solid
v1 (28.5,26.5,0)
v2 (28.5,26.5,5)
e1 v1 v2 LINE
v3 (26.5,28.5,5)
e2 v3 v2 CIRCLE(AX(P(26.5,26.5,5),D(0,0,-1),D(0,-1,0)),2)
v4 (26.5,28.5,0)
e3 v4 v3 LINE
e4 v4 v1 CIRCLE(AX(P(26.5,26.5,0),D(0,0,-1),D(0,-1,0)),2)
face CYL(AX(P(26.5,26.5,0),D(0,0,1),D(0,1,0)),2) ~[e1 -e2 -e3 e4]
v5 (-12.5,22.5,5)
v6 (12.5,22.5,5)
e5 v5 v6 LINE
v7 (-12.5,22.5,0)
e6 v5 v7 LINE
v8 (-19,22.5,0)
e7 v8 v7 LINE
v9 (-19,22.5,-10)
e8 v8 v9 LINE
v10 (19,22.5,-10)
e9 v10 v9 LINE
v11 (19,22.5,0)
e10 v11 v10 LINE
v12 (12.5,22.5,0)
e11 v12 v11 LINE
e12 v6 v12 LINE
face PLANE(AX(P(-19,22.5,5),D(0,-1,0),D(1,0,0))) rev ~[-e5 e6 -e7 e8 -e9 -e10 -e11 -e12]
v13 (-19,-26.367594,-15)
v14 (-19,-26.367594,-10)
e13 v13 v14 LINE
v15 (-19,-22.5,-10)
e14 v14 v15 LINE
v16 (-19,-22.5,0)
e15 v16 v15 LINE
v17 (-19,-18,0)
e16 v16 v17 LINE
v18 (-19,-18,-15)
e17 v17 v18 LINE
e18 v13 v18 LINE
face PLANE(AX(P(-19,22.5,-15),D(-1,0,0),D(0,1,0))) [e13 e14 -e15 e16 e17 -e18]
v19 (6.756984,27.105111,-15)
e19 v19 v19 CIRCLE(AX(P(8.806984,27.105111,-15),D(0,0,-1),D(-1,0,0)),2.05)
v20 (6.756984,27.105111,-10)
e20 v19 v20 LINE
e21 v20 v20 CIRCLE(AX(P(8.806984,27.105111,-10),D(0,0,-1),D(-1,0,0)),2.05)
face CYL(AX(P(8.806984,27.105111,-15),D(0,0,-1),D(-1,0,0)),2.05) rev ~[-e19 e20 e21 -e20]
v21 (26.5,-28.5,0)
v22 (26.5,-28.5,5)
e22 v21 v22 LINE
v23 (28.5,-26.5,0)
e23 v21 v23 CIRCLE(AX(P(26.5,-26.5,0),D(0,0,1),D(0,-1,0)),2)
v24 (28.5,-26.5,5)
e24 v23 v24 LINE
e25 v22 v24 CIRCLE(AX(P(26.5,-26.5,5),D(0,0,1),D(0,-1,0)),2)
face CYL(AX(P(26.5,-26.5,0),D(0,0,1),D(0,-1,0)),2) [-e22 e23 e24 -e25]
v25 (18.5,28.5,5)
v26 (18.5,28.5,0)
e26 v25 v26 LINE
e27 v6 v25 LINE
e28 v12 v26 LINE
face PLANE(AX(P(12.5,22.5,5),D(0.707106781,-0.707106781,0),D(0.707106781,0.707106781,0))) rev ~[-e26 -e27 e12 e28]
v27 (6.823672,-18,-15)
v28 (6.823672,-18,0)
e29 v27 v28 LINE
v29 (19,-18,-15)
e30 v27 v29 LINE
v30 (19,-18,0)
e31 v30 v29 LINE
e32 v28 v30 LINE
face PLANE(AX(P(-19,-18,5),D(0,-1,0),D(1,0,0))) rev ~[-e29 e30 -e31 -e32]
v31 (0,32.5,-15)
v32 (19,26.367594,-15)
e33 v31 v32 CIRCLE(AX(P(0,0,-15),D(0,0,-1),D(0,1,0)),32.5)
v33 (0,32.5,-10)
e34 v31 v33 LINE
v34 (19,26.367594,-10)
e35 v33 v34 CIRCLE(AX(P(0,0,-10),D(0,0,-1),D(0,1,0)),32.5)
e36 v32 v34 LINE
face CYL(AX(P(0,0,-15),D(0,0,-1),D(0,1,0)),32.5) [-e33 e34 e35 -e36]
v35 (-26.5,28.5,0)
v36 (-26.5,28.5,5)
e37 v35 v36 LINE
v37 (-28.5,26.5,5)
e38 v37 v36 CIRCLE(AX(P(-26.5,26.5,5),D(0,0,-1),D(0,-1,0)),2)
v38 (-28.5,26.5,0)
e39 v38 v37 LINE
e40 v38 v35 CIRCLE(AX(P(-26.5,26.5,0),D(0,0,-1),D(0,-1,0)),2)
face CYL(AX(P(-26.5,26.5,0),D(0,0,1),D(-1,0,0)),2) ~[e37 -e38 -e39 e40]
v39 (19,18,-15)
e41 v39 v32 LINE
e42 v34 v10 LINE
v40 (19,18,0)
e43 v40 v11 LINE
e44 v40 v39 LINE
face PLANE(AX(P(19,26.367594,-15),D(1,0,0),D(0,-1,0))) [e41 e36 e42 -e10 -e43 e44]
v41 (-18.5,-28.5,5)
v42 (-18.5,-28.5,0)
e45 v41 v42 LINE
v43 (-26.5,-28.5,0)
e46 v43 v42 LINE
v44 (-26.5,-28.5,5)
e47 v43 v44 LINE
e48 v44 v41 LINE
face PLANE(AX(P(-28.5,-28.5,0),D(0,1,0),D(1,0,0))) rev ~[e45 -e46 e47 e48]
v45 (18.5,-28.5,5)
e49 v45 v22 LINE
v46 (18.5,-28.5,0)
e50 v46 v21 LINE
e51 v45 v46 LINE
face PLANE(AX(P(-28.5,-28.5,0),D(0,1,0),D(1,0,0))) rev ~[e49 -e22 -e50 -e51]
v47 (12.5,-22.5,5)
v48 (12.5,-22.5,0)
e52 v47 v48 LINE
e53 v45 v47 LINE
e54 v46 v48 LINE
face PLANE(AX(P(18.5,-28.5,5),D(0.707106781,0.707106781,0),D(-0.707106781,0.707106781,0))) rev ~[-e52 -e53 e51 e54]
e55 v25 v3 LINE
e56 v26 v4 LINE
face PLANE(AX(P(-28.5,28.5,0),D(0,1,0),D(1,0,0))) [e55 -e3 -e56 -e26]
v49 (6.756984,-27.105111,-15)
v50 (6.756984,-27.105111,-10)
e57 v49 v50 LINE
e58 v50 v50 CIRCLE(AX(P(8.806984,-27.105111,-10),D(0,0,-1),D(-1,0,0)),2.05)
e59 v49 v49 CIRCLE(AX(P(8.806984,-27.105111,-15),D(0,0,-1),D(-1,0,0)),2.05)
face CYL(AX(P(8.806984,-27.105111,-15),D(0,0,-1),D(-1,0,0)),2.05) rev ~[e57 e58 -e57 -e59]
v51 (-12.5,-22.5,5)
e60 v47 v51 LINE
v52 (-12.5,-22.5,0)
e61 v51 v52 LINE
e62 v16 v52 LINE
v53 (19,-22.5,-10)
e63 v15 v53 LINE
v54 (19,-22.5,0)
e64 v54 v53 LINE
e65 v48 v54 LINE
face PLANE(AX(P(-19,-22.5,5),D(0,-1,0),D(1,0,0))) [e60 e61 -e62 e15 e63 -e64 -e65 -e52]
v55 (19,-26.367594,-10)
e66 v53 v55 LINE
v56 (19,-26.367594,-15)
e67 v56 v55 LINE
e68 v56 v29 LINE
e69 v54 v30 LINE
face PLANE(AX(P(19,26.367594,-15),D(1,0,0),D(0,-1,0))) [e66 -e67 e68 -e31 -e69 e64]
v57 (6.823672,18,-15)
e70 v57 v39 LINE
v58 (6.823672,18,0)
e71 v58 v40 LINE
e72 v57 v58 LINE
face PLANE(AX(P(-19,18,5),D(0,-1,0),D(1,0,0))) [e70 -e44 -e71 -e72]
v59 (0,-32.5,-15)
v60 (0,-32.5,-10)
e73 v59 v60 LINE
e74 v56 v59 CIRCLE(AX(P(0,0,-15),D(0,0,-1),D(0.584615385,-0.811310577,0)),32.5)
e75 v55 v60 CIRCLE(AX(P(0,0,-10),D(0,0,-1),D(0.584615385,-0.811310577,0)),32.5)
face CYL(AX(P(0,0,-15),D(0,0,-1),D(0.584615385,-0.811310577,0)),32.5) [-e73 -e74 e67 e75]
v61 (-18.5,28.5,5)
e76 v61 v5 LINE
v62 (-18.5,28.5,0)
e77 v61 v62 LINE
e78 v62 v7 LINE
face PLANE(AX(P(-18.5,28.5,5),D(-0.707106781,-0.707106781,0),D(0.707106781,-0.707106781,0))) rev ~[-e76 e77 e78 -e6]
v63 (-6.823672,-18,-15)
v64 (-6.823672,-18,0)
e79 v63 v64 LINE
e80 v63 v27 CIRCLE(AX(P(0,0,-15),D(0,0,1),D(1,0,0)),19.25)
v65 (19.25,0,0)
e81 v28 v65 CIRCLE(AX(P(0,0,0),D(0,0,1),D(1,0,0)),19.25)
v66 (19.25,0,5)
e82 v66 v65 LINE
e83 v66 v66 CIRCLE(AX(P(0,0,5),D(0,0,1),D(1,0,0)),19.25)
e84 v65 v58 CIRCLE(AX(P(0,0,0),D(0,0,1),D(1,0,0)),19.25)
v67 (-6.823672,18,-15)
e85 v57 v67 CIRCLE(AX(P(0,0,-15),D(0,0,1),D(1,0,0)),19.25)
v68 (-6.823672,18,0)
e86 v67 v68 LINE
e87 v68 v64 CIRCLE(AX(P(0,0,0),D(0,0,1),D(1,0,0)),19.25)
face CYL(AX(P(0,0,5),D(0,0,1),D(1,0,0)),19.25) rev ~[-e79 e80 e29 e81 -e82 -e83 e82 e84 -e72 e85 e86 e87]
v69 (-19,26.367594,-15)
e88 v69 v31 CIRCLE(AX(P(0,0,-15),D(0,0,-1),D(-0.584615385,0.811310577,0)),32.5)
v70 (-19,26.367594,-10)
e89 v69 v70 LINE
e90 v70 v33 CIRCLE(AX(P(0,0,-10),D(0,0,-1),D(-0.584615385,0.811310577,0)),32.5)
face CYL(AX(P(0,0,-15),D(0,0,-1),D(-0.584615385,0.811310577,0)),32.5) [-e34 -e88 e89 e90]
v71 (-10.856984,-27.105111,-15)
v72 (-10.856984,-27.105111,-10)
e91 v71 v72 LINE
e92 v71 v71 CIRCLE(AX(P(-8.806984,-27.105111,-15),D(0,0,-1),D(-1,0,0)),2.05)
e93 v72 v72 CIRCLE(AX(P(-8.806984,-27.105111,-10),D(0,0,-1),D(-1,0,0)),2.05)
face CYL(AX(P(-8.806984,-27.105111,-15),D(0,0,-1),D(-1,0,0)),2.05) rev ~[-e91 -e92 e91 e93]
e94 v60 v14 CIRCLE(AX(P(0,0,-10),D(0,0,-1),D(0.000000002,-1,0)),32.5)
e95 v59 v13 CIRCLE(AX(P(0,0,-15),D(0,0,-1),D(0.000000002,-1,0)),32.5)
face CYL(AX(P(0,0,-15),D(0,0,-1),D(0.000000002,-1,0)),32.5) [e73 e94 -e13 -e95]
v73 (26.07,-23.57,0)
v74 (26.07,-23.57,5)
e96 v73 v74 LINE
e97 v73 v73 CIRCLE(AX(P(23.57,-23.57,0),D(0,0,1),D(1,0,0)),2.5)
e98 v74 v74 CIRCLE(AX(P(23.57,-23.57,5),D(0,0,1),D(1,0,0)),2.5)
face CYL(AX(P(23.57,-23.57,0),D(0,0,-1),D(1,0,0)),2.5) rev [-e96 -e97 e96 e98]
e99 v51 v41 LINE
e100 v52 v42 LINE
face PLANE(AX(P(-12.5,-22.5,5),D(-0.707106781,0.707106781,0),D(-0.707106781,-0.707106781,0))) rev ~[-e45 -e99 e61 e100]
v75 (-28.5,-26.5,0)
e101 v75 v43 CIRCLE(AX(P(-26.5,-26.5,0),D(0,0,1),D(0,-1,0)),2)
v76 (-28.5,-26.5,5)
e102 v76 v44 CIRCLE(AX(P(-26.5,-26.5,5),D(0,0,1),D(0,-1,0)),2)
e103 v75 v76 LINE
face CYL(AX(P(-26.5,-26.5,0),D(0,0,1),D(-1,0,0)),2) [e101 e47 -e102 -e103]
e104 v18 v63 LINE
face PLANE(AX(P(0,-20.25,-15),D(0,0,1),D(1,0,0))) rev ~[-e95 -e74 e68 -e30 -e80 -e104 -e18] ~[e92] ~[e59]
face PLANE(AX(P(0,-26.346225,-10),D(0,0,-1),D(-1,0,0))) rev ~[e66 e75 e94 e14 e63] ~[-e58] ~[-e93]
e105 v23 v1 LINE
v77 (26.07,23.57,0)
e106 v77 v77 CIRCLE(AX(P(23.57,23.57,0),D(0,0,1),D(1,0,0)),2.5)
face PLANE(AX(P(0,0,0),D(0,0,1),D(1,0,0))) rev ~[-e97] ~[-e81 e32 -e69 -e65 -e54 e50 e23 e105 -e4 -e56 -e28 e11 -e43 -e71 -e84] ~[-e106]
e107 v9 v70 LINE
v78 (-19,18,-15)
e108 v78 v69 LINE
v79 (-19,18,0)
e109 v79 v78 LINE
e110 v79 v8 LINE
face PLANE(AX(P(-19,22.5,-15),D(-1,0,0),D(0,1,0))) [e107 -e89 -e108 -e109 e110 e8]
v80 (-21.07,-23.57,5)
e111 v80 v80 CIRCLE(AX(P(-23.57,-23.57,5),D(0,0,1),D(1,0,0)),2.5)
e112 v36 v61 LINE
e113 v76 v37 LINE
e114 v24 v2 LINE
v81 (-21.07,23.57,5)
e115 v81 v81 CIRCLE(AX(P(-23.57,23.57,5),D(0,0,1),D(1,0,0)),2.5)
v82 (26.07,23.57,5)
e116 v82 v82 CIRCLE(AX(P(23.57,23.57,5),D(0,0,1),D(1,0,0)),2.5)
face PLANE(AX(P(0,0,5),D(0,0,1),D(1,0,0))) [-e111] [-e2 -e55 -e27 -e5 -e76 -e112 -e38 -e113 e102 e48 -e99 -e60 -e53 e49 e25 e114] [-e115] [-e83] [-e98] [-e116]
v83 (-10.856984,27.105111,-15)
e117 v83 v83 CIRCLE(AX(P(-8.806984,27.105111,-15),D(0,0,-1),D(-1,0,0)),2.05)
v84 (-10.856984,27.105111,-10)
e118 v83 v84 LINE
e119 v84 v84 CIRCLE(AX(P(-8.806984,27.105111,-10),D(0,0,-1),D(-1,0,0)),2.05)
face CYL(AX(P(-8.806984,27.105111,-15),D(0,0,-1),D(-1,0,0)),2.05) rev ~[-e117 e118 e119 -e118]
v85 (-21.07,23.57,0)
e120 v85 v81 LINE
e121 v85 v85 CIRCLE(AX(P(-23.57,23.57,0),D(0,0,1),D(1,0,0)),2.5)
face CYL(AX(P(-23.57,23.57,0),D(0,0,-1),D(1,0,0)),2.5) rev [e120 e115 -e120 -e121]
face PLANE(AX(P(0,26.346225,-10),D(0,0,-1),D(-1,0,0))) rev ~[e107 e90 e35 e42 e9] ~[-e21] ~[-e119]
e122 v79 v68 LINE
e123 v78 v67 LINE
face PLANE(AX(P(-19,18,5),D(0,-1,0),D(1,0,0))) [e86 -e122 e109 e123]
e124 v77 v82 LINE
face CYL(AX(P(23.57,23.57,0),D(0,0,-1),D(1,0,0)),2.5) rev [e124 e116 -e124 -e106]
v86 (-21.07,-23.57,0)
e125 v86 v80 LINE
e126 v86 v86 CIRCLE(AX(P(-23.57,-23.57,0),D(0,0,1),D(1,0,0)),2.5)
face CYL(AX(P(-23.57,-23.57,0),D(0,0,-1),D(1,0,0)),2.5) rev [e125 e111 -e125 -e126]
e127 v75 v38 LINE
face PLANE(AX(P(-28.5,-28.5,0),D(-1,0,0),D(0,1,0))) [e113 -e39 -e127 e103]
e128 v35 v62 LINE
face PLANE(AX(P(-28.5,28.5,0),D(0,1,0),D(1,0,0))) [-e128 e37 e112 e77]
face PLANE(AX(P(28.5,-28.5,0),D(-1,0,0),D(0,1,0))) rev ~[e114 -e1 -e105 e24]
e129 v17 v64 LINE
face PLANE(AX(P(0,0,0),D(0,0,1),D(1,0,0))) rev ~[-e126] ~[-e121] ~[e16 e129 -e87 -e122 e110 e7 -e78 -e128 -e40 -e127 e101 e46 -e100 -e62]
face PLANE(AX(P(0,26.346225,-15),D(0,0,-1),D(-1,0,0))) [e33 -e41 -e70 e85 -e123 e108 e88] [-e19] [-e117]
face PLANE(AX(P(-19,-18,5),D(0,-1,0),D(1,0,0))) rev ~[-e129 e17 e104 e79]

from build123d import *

# Parameters (mm, degrees)
SKETCH1_W           = 38
SKETCH1_H           = 36
SKETCH1_R           = 1.55
SKETCH1_R_2         = 11.5
BOSS_EXTRUDE1_DEPTH = 5
SKETCH2_W           = 38
SKETCH2_H           = 4.5
BOSS_EXTRUDE2_DEPTH = 20
SKETCH3_R           = 2.05
BOSS_EXTRUDE3_DEPTH = 5
BOSS_EXTRUDE4_START = -5
SKETCH4_W           = 57
SKETCH4_H           = 57
SKETCH4_R           = 2.5
SKETCH4_W_2         = 38
SKETCH4_H_2         = 45
SKETCH4_R_2         = 1.55
SKETCH4_R_3         = 11.5
BOSS_EXTRUDE4_DEPTH = 5
FILLET2_R           = 2
SKETCH6_R           = 19.25
CUT_EXTRUDE2_DEPTH  = 48.628772816
CUT_EXTRUDE3_DEPTH  = 5


with BuildPart() as part:
    # Sketch1 → Boss-Extrude1 (new body)
    with BuildSketch(Plane.XY):
        Rectangle(SKETCH1_W, SKETCH1_H)
        with Locations((15.5, 15.5)):
            Circle(SKETCH1_R, mode=Mode.SUBTRACT)
        with Locations((-15.5, 15.5)):
            Circle(SKETCH1_R, mode=Mode.SUBTRACT)
        with Locations((15.5, -15.5)):
            Circle(SKETCH1_R, mode=Mode.SUBTRACT)
        with Locations((-15.5, -15.5)):
            Circle(SKETCH1_R, mode=Mode.SUBTRACT)
        Circle(SKETCH1_R_2, mode=Mode.SUBTRACT)
    extrude(amount=BOSS_EXTRUDE1_DEPTH)

    # Sketch2 → Boss-Extrude2 (add)
    with BuildSketch(Plane.XY.offset(5)):
        with Locations((0, 20.25)):
            Rectangle(SKETCH2_W, SKETCH2_H)
        with Locations((0, -20.25)):
            Rectangle(SKETCH2_W, SKETCH2_H)
    extrude(amount=-BOSS_EXTRUDE2_DEPTH)

    # Sketch3 → Boss-Extrude3 (add)
    # profile 1 of 2: a face of its own
    with BuildSketch(Plane(origin=(0, 0, -15), x_dir=(-1, 0, 0), z_dir=(0, 0, -1))):
        with BuildLine():
            Line((-19, 26.367593747), (-19, 22.5))
            Line((-19, 22.5), (19, 22.5))
            Line((19, 22.5), (19, 26.367593747))
            ThreePointArc((19, 26.367593747), (9.982564879, 30.928924948), (-6e-09, 32.5))
            ThreePointArc((-6e-09, 32.5), (-9.982564884, 30.928924946), (-19, 26.367593747))
        make_face()
        with Locations((-8.80698434, 27.105110714)):
            Circle(SKETCH3_R, mode=Mode.SUBTRACT)
        with Locations((8.80698434, 27.105110714)):
            Circle(SKETCH3_R, mode=Mode.SUBTRACT)
    # profile 2 of 2: a face of its own
    with BuildSketch(Plane(origin=(0, 0, -15), x_dir=(-1, 0, 0), z_dir=(0, 0, -1))):
        with BuildLine():
            Line((-19, -22.5), (-19, -26.367593747))
            ThreePointArc((-19, -26.367593747), (-9.982564919, -30.928924935), (-7.8e-08, -32.5))
            ThreePointArc((-7.8e-08, -32.5), (9.982564844, -30.928924959), (19, -26.367593747))
            Line((19, -26.367593747), (19, -22.5))
            Line((19, -22.5), (-19, -22.5))
        make_face()
        with Locations((-8.80698434, -27.105110714)):
            Circle(SKETCH3_R, mode=Mode.SUBTRACT)
        with Locations((8.80698434, -27.105110714)):
            Circle(SKETCH3_R, mode=Mode.SUBTRACT)
    extrude(amount=-BOSS_EXTRUDE3_DEPTH)

    # Sketch4 → Boss-Extrude4 (add)
    # profile 1 of 6: a face of its own
    with BuildSketch(Plane.XY.offset(5).offset(BOSS_EXTRUDE4_START)):
        Rectangle(SKETCH4_W, SKETCH4_H)
        with Locations((-23.57, -23.57)):
            Circle(SKETCH4_R, mode=Mode.SUBTRACT)
        with Locations((23.57, -23.57)):
            Circle(SKETCH4_R, mode=Mode.SUBTRACT)
        Rectangle(SKETCH4_W_2, SKETCH4_H_2, mode=Mode.SUBTRACT)
        with Locations((-23.57, 23.57)):
            Circle(SKETCH4_R, mode=Mode.SUBTRACT)
        with Locations((23.57, 23.57)):
            Circle(SKETCH4_R, mode=Mode.SUBTRACT)
    # profile 2 of 6: a face of its own
    with BuildSketch(Plane.XY.offset(5).offset(BOSS_EXTRUDE4_START)):
        Rectangle(SKETCH4_W_2, SKETCH4_H_2)
        with Locations((-15.5, -15.5)):
            Circle(SKETCH4_R_2, mode=Mode.SUBTRACT)
        Circle(SKETCH4_R_3, mode=Mode.SUBTRACT)
        with Locations((15.5, -15.5)):
            Circle(SKETCH4_R_2, mode=Mode.SUBTRACT)
        with Locations((-15.5, 15.5)):
            Circle(SKETCH4_R_2, mode=Mode.SUBTRACT)
        with Locations((15.5, 15.5)):
            Circle(SKETCH4_R_2, mode=Mode.SUBTRACT)
    # profile 3 of 6: a face of its own
    with BuildSketch(Plane.XY.offset(5).offset(BOSS_EXTRUDE4_START)):
        with Locations((-15.5, 15.5)):
            Circle(SKETCH4_R_2)
    # profile 4 of 6: a face of its own
    with BuildSketch(Plane.XY.offset(5).offset(BOSS_EXTRUDE4_START)):
        with Locations((-15.5, -15.5)):
            Circle(SKETCH4_R_2)
    # profile 5 of 6: a face of its own
    with BuildSketch(Plane.XY.offset(5).offset(BOSS_EXTRUDE4_START)):
        with Locations((15.5, -15.5)):
            Circle(SKETCH4_R_2)
    # profile 6 of 6: a face of its own
    with BuildSketch(Plane.XY.offset(5).offset(BOSS_EXTRUDE4_START)):
        with Locations((15.5, 15.5)):
            Circle(SKETCH4_R_2)
    extrude(amount=BOSS_EXTRUDE4_DEPTH)

    # Fillet2
    fillet2_edges = [part.edges().sort_by_distance(p)[0] for p in [
        (28.5, -28.5, 2.5),
        (-28.5, -28.5, 2.5),
        (-28.5, 28.5, 2.5),
        (28.5, 28.5, 2.5),
    ]]
    fillet(fillet2_edges, radius=FILLET2_R)

    # Sketch6 → Cut-Extrude2 (cut, through all)
    with BuildSketch(Plane.XY.offset(5)):
        Circle(SKETCH6_R)
    extrude(amount=-CUT_EXTRUDE2_DEPTH, mode=Mode.SUBTRACT)

    # Sketch7 → Cut-Extrude3 (cut)
    with BuildSketch(Plane.XY.offset(5)):
        Polygon((18.5, 28.5), (-18.5, 28.5), (-12.5, 22.5), (12.5, 22.5), align=None)
        Polygon((-12.5, -22.5), (-18.5, -28.5), (18.5, -28.5), (12.5, -22.5), align=None)
    extrude(amount=-CUT_EXTRUDE3_DEPTH, mode=Mode.SUBTRACT)


solid = part.part
